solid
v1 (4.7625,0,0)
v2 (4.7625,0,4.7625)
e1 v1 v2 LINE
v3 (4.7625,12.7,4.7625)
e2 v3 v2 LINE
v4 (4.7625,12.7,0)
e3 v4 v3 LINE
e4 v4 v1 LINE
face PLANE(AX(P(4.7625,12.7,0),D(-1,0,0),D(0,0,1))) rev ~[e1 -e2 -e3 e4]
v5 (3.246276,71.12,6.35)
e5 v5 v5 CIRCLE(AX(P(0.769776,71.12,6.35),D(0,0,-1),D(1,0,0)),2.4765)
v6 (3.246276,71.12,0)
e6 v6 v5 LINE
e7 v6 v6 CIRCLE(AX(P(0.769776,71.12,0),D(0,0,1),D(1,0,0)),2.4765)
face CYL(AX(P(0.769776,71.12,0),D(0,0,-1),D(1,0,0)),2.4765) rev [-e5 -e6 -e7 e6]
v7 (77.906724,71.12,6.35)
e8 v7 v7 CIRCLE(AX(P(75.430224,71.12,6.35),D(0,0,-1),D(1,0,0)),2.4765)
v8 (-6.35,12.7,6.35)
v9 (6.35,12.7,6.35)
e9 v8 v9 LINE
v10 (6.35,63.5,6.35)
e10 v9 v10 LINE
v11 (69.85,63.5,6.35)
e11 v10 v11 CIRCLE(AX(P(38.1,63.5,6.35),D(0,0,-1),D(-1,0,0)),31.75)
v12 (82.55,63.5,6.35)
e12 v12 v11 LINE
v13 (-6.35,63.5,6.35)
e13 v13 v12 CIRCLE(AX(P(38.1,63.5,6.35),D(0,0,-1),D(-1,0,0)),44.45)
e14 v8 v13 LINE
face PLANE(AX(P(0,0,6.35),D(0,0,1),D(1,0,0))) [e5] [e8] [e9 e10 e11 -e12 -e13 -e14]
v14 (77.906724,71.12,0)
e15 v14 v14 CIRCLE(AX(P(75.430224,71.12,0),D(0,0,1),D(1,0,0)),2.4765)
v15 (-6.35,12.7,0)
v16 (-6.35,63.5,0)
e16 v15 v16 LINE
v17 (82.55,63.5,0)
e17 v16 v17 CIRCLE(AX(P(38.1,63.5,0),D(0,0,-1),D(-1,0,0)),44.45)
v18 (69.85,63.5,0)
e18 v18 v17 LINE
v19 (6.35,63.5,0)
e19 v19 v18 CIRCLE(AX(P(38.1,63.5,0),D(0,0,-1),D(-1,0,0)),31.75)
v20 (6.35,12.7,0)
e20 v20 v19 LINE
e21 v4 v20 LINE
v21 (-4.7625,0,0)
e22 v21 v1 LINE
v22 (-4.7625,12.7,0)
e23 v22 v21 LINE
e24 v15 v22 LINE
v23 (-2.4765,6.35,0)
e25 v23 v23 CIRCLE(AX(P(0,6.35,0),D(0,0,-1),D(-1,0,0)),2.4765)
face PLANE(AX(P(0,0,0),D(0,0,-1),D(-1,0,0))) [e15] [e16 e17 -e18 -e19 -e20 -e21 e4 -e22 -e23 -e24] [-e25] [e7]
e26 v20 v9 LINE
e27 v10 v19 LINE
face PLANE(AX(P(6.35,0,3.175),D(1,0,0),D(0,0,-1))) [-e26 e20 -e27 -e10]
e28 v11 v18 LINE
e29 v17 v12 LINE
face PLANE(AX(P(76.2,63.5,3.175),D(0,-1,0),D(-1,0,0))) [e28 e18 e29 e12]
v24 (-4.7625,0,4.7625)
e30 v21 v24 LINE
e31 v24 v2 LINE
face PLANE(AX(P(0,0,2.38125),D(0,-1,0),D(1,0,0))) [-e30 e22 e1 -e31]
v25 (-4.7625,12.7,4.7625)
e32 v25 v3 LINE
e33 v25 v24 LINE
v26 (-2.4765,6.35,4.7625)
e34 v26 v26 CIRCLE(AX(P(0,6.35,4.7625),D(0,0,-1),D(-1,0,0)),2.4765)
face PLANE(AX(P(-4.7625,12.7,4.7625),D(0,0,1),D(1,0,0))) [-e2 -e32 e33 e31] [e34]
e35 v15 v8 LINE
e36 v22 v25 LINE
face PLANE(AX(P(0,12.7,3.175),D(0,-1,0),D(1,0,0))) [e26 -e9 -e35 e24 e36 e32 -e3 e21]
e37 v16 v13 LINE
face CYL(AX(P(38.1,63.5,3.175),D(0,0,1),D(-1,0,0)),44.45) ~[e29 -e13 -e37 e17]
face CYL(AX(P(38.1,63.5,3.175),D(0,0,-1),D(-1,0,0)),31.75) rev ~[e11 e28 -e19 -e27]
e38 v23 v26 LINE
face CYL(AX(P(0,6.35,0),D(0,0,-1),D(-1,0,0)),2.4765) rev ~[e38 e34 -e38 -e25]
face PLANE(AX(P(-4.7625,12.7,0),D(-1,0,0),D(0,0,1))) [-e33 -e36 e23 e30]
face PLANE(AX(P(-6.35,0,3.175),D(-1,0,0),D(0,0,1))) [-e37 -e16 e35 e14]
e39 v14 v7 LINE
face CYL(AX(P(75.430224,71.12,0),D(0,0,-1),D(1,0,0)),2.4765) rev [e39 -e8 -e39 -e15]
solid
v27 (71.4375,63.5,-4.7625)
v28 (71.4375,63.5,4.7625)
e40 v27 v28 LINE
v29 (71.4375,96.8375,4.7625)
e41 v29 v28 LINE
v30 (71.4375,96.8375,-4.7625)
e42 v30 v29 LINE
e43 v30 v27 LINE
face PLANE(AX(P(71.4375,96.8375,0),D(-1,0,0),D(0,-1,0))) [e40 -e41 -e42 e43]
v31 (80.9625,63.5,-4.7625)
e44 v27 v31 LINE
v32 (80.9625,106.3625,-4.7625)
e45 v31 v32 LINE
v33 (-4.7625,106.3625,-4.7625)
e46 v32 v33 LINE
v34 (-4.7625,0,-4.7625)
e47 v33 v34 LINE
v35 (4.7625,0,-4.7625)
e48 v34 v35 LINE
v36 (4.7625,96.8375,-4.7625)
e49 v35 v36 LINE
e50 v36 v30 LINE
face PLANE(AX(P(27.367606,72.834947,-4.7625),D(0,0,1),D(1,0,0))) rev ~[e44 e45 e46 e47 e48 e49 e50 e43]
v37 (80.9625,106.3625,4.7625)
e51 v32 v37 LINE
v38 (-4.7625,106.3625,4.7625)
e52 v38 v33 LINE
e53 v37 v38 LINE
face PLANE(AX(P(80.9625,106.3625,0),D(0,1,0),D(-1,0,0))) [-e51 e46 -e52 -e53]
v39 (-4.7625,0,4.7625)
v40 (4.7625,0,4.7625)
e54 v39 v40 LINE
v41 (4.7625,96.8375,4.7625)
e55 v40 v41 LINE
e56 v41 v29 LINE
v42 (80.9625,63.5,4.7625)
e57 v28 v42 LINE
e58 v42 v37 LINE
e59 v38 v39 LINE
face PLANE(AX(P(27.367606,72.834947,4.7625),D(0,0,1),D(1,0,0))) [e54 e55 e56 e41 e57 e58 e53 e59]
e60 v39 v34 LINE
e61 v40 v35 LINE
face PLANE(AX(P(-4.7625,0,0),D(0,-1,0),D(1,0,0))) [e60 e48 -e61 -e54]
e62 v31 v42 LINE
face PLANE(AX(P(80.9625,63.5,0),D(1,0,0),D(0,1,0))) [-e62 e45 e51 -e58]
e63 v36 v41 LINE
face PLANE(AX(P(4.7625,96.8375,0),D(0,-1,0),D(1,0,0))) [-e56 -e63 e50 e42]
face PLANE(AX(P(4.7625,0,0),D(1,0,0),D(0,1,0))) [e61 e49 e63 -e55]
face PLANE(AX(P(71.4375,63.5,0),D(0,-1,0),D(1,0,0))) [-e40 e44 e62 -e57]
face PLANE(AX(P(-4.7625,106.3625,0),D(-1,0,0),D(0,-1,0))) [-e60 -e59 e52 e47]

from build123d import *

# Parameters (mm, degrees)
EXTRUDE_THIN3_DEPTH = 4.7625
SKETCH38_W          = 12.7
SKETCH38_H          = 6.35
SKETCH39_R          = 2.4765
CUT_EXTRUDE1_DEPTH  = 7.35
SKETCH42_W          = 12.7
SKETCH42_H          = 6.35
CUT_EXTRUDE2_DEPTH  = 12.7
SKETCH43_W          = 9.525
SKETCH43_H          = 4.7625
BOSS_EXTRUDE4_DEPTH = 12.7
SKETCH45_R          = 2.4765
CUT_EXTRUDE4_DEPTH  = 7.35


with BuildPart() as part:
    # Sketch8 → Extrude-Thin3 (new body, symmetric)
    with BuildSketch(Plane.XY):
        Polygon((4.7625, 0), (4.7625, 96.8375), (71.4375, 96.8375), (71.4375, 63.5), (80.9625, 63.5), (80.9625, 106.3625), (-4.7625, 106.3625), (-4.7625, 0), align=None)
    extrude(amount=EXTRUDE_THIN3_DEPTH, both=True)


with BuildPart() as body_2:
    # Sweep5: sweep along a path in Sketch37
    with BuildLine(Plane.XY) as sweep5_path:
        Line((0, 0), (0, 63.5))
        ThreePointArc((0, 63.5), (38.1, 101.6), (76.2, 63.5))
    # Sketch38 → Sweep5 (sweep)
    with BuildSketch(Plane(origin=(0, 0, 0), x_dir=(1, 0, 0), z_dir=(0, 1, 0))):
        with Locations((0, -3.175)):
            Rectangle(SKETCH38_W, SKETCH38_H)
    sweep(path=sweep5_path.line)

    # Sketch39 → Cut-Extrude1 (cut, through all)
    with BuildSketch(Plane.XY):
        with Locations((75.43022368, 71.12)):
            Circle(SKETCH39_R)
        with Locations((0.76977632, 71.12)):
            Circle(SKETCH39_R)
    extrude(amount=CUT_EXTRUDE1_DEPTH, mode=Mode.SUBTRACT)

    # Sketch42 → Cut-Extrude2 (cut)
    with BuildSketch(Plane.XZ):
        with Locations((0, 3.175)):
            Rectangle(SKETCH42_W, SKETCH42_H)
    extrude(amount=-CUT_EXTRUDE2_DEPTH, mode=Mode.SUBTRACT)

    # Sketch43 → Boss-Extrude4 (add)
    with BuildSketch(Plane.XZ.offset(-12.7)):
        with Locations((0, 2.38125)):
            Rectangle(SKETCH43_W, SKETCH43_H)
    extrude(amount=BOSS_EXTRUDE4_DEPTH)

    # Sketch45 → Cut-Extrude4 (cut, through all)
    with BuildSketch(Plane(origin=(0, 0, 0), x_dir=(-1, 0, 0), z_dir=(0, 0, -1))):
        with Locations((0, 6.35)):
            Circle(SKETCH45_R)
    extrude(amount=-CUT_EXTRUDE4_DEPTH, mode=Mode.SUBTRACT)


solid = Compound([part.part, body_2.part])
